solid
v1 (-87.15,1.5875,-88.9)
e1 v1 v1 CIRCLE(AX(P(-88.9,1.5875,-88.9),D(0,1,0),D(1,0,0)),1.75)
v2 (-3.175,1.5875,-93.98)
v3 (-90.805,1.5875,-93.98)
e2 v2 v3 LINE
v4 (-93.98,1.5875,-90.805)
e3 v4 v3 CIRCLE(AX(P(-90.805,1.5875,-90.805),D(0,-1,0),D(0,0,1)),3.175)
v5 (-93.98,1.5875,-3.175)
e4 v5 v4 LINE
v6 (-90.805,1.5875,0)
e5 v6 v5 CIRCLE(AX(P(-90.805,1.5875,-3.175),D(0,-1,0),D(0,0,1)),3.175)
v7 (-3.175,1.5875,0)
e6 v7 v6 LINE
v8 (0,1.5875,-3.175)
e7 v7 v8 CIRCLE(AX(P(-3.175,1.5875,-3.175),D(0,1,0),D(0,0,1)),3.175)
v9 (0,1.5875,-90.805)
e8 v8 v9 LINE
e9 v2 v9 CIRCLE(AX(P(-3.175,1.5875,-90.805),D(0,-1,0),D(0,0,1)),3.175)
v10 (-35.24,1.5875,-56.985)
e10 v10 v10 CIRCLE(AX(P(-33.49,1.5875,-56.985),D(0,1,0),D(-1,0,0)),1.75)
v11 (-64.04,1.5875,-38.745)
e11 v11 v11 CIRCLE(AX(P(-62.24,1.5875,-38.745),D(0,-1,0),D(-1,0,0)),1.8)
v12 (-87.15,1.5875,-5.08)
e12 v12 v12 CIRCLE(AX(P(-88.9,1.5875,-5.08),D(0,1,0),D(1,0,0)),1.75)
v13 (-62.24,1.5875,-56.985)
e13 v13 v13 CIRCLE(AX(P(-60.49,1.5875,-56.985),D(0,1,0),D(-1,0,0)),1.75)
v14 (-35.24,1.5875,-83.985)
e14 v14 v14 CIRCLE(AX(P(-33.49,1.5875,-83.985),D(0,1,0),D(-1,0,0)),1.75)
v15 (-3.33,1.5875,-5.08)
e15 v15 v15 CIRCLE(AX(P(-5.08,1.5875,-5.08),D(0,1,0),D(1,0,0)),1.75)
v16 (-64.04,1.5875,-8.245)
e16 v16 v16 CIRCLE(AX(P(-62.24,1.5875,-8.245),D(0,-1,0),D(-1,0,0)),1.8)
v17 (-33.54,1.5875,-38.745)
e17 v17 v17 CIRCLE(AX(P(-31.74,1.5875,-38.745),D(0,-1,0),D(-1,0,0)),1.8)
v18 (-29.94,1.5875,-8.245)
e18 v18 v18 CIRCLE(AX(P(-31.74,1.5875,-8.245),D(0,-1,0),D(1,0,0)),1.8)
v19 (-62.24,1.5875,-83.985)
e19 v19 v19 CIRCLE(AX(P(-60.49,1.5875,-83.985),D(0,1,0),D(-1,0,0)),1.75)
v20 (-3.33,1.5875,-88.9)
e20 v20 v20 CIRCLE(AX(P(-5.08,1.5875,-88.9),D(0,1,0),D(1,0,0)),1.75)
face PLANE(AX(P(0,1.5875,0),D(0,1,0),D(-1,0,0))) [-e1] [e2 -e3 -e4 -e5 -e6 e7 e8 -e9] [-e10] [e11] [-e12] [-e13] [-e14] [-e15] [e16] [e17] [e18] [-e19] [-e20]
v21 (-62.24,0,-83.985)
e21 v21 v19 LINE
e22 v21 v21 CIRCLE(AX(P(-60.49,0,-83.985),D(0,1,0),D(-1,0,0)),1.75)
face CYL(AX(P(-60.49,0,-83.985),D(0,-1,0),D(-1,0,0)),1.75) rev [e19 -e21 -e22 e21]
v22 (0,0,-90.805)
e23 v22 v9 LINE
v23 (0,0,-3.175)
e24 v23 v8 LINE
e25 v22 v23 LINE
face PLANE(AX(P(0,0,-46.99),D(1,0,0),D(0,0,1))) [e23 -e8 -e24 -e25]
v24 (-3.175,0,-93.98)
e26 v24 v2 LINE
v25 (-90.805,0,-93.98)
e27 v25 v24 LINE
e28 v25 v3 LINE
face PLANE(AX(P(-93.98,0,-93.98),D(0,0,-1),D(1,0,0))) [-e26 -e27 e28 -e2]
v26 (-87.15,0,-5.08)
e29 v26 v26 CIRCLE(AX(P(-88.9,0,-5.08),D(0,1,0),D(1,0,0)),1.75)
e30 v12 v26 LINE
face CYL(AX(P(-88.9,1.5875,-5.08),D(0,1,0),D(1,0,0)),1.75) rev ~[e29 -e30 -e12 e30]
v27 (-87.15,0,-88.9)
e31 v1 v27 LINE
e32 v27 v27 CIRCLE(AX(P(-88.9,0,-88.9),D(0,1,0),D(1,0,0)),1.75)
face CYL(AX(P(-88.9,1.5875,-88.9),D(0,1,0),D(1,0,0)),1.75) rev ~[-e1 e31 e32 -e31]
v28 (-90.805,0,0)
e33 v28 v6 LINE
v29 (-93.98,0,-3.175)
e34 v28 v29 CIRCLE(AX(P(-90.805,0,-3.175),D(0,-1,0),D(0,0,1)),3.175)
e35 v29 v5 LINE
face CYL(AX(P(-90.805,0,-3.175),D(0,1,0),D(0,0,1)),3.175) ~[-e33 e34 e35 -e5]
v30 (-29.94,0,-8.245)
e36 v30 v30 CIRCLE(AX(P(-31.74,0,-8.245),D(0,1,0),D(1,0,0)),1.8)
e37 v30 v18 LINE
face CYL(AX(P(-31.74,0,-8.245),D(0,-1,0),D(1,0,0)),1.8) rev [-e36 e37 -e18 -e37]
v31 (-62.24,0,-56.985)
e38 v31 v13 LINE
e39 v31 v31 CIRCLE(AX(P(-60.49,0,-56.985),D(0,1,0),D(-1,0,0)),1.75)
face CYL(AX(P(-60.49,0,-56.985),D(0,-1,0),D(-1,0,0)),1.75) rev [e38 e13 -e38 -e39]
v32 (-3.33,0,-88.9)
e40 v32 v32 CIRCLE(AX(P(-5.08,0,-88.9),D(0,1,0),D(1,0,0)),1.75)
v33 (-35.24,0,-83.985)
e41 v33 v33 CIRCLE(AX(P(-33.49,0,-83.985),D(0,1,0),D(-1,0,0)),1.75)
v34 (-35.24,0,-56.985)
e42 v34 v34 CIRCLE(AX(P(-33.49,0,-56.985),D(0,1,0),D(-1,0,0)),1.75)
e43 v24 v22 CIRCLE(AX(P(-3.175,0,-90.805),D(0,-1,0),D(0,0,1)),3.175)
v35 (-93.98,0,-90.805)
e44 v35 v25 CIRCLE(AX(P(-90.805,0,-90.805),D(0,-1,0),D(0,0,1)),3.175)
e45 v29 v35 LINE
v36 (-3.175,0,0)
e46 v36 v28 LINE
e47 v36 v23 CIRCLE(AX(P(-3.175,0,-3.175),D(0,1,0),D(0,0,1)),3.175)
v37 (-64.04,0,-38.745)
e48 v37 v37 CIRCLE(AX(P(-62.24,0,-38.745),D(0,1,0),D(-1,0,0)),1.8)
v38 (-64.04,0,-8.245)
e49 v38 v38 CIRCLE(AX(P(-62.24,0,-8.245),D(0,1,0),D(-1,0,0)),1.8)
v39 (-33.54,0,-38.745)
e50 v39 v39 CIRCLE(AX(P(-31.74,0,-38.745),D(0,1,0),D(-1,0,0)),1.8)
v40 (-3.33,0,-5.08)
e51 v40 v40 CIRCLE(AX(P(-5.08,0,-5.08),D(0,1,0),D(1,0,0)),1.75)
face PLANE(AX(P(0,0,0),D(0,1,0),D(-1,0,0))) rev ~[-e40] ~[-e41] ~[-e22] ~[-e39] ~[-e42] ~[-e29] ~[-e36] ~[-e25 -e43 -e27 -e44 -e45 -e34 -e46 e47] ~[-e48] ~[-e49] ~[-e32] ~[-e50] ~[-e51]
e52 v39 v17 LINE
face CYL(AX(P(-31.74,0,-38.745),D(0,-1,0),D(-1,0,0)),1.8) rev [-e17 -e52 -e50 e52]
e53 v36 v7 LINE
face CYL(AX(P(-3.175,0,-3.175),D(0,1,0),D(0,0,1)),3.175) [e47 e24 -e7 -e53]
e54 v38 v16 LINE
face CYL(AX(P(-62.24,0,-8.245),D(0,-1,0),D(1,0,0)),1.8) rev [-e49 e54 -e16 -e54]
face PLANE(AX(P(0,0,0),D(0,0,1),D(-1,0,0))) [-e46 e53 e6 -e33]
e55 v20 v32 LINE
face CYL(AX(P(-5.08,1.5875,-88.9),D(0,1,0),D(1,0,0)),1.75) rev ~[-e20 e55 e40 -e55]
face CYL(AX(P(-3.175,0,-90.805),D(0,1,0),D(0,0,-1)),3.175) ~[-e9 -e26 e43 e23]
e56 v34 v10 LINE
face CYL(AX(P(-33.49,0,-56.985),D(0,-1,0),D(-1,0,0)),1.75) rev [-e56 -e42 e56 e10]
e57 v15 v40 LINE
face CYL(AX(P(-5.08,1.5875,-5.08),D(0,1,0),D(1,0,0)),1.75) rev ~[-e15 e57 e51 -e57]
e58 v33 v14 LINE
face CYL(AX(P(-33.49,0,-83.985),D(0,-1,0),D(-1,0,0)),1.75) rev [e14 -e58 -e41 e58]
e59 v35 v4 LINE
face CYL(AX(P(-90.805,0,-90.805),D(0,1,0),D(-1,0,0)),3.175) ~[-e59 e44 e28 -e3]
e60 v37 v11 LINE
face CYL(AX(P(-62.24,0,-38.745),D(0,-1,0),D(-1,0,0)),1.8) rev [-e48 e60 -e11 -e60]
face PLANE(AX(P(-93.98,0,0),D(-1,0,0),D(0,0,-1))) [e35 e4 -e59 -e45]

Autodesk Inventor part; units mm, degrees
ref_plane "YZ Plane" through (0, 0, 0) normal (1, 0, 0) x (0, 1, 0)
ref_plane "XZ Plane" through (0, 0, 0) normal (0, 1, 0) x (-1, 0, 0)
ref_plane "XY Plane" through (0, 0, 0) normal (0, 0, 1) x (1, 0, 0)
sketch "Sketch1" plane through (0, 0, 0) normal (0, 1, 0) x (-1, 0, 0)
  line L0 (0, 0) -> (93.98, 0)
  line L1 (93.98, 0) -> (93.98, -93.98)
  line L2 (93.98, -93.98) -> (0, -93.98)
  line L3 (0, -93.98) -> (0, 0)
  line L4 (0, -93.98) -> (12.7, -93.98)
  line L5 (93.98, -93.98) -> (81.28, -93.98)
  line L6 (12.7, -93.98) -> (78.74, -93.98)
  line L7 (12.7, -93.98) -> (81.28, -93.98)
  arc A0 (33.54, -38.745) -> (29.94, -38.745) centre (31.74, -38.745) ccw
  circle A1 centre (31.74, -38.745) radius 1.8
  arc A2 (29.94, -8.245) -> (33.54, -8.245) centre (31.74, -8.245) ccw
  circle A3 centre (31.74, -8.245) radius 1.8
  arc A4 (64.04, -38.745) -> (60.44, -38.745) centre (62.24, -38.745) ccw
  circle A5 centre (62.24, -38.745) radius 1.8
  arc A6 (60.44, -8.245) -> (64.04, -8.245) centre (62.24, -8.245) ccw
  circle A7 centre (62.24, -8.245) radius 1.8
  line L8 (0, -93.98) -> (12.7, -93.98)
  line L9 (93.98, -93.98) -> (81.28, -93.98)
  line L10 (0, 0) -> (0, -46.99)
  line L11 (0, -46.99) -> (0, -93.98)
  circle A8 centre (60.49, -56.985) radius 1.75
  circle A9 centre (60.49, -83.985) radius 1.75
  circle A10 centre (33.49, -56.985) radius 1.75
  circle A11 centre (33.49, -83.985) radius 1.75
extrude "Extrusion5" add sketch "Sketch1" along normal blind 1.5875
fillet "Fillet2" radius 3.175 4 edges at (0, 0.7937, 0) (0, 0.7937, -93.98) (-93.98, 0.7937, 0) (-93.98, 0.7937, -93.98)
sketch "Sketch4" plane through (0, 1.5875, 0) normal (0, 1, 0) x (1, 0, 0)
  line L0 (-3.175, 93.98) -> (-90.805, 93.98) projected
  circle A0 centre (-88.9, 5.08) radius 1.75
  circle A1 centre (-88.9, 88.9) radius 1.75
  circle A2 centre (-5.08, 5.08) radius 1.75
  circle A3 centre (-5.08, 88.9) radius 1.75
  point P0 (0, 0)
  dimension "d37" = 3.5
  dimension "d38" = 3.5
  dimension "d39" = 3.5
  dimension "d40" = 3.5
extrude "Extrusion6" cut sketch "Sketch4" against normal blind 1.5875
properties part number "bottomPlate"
